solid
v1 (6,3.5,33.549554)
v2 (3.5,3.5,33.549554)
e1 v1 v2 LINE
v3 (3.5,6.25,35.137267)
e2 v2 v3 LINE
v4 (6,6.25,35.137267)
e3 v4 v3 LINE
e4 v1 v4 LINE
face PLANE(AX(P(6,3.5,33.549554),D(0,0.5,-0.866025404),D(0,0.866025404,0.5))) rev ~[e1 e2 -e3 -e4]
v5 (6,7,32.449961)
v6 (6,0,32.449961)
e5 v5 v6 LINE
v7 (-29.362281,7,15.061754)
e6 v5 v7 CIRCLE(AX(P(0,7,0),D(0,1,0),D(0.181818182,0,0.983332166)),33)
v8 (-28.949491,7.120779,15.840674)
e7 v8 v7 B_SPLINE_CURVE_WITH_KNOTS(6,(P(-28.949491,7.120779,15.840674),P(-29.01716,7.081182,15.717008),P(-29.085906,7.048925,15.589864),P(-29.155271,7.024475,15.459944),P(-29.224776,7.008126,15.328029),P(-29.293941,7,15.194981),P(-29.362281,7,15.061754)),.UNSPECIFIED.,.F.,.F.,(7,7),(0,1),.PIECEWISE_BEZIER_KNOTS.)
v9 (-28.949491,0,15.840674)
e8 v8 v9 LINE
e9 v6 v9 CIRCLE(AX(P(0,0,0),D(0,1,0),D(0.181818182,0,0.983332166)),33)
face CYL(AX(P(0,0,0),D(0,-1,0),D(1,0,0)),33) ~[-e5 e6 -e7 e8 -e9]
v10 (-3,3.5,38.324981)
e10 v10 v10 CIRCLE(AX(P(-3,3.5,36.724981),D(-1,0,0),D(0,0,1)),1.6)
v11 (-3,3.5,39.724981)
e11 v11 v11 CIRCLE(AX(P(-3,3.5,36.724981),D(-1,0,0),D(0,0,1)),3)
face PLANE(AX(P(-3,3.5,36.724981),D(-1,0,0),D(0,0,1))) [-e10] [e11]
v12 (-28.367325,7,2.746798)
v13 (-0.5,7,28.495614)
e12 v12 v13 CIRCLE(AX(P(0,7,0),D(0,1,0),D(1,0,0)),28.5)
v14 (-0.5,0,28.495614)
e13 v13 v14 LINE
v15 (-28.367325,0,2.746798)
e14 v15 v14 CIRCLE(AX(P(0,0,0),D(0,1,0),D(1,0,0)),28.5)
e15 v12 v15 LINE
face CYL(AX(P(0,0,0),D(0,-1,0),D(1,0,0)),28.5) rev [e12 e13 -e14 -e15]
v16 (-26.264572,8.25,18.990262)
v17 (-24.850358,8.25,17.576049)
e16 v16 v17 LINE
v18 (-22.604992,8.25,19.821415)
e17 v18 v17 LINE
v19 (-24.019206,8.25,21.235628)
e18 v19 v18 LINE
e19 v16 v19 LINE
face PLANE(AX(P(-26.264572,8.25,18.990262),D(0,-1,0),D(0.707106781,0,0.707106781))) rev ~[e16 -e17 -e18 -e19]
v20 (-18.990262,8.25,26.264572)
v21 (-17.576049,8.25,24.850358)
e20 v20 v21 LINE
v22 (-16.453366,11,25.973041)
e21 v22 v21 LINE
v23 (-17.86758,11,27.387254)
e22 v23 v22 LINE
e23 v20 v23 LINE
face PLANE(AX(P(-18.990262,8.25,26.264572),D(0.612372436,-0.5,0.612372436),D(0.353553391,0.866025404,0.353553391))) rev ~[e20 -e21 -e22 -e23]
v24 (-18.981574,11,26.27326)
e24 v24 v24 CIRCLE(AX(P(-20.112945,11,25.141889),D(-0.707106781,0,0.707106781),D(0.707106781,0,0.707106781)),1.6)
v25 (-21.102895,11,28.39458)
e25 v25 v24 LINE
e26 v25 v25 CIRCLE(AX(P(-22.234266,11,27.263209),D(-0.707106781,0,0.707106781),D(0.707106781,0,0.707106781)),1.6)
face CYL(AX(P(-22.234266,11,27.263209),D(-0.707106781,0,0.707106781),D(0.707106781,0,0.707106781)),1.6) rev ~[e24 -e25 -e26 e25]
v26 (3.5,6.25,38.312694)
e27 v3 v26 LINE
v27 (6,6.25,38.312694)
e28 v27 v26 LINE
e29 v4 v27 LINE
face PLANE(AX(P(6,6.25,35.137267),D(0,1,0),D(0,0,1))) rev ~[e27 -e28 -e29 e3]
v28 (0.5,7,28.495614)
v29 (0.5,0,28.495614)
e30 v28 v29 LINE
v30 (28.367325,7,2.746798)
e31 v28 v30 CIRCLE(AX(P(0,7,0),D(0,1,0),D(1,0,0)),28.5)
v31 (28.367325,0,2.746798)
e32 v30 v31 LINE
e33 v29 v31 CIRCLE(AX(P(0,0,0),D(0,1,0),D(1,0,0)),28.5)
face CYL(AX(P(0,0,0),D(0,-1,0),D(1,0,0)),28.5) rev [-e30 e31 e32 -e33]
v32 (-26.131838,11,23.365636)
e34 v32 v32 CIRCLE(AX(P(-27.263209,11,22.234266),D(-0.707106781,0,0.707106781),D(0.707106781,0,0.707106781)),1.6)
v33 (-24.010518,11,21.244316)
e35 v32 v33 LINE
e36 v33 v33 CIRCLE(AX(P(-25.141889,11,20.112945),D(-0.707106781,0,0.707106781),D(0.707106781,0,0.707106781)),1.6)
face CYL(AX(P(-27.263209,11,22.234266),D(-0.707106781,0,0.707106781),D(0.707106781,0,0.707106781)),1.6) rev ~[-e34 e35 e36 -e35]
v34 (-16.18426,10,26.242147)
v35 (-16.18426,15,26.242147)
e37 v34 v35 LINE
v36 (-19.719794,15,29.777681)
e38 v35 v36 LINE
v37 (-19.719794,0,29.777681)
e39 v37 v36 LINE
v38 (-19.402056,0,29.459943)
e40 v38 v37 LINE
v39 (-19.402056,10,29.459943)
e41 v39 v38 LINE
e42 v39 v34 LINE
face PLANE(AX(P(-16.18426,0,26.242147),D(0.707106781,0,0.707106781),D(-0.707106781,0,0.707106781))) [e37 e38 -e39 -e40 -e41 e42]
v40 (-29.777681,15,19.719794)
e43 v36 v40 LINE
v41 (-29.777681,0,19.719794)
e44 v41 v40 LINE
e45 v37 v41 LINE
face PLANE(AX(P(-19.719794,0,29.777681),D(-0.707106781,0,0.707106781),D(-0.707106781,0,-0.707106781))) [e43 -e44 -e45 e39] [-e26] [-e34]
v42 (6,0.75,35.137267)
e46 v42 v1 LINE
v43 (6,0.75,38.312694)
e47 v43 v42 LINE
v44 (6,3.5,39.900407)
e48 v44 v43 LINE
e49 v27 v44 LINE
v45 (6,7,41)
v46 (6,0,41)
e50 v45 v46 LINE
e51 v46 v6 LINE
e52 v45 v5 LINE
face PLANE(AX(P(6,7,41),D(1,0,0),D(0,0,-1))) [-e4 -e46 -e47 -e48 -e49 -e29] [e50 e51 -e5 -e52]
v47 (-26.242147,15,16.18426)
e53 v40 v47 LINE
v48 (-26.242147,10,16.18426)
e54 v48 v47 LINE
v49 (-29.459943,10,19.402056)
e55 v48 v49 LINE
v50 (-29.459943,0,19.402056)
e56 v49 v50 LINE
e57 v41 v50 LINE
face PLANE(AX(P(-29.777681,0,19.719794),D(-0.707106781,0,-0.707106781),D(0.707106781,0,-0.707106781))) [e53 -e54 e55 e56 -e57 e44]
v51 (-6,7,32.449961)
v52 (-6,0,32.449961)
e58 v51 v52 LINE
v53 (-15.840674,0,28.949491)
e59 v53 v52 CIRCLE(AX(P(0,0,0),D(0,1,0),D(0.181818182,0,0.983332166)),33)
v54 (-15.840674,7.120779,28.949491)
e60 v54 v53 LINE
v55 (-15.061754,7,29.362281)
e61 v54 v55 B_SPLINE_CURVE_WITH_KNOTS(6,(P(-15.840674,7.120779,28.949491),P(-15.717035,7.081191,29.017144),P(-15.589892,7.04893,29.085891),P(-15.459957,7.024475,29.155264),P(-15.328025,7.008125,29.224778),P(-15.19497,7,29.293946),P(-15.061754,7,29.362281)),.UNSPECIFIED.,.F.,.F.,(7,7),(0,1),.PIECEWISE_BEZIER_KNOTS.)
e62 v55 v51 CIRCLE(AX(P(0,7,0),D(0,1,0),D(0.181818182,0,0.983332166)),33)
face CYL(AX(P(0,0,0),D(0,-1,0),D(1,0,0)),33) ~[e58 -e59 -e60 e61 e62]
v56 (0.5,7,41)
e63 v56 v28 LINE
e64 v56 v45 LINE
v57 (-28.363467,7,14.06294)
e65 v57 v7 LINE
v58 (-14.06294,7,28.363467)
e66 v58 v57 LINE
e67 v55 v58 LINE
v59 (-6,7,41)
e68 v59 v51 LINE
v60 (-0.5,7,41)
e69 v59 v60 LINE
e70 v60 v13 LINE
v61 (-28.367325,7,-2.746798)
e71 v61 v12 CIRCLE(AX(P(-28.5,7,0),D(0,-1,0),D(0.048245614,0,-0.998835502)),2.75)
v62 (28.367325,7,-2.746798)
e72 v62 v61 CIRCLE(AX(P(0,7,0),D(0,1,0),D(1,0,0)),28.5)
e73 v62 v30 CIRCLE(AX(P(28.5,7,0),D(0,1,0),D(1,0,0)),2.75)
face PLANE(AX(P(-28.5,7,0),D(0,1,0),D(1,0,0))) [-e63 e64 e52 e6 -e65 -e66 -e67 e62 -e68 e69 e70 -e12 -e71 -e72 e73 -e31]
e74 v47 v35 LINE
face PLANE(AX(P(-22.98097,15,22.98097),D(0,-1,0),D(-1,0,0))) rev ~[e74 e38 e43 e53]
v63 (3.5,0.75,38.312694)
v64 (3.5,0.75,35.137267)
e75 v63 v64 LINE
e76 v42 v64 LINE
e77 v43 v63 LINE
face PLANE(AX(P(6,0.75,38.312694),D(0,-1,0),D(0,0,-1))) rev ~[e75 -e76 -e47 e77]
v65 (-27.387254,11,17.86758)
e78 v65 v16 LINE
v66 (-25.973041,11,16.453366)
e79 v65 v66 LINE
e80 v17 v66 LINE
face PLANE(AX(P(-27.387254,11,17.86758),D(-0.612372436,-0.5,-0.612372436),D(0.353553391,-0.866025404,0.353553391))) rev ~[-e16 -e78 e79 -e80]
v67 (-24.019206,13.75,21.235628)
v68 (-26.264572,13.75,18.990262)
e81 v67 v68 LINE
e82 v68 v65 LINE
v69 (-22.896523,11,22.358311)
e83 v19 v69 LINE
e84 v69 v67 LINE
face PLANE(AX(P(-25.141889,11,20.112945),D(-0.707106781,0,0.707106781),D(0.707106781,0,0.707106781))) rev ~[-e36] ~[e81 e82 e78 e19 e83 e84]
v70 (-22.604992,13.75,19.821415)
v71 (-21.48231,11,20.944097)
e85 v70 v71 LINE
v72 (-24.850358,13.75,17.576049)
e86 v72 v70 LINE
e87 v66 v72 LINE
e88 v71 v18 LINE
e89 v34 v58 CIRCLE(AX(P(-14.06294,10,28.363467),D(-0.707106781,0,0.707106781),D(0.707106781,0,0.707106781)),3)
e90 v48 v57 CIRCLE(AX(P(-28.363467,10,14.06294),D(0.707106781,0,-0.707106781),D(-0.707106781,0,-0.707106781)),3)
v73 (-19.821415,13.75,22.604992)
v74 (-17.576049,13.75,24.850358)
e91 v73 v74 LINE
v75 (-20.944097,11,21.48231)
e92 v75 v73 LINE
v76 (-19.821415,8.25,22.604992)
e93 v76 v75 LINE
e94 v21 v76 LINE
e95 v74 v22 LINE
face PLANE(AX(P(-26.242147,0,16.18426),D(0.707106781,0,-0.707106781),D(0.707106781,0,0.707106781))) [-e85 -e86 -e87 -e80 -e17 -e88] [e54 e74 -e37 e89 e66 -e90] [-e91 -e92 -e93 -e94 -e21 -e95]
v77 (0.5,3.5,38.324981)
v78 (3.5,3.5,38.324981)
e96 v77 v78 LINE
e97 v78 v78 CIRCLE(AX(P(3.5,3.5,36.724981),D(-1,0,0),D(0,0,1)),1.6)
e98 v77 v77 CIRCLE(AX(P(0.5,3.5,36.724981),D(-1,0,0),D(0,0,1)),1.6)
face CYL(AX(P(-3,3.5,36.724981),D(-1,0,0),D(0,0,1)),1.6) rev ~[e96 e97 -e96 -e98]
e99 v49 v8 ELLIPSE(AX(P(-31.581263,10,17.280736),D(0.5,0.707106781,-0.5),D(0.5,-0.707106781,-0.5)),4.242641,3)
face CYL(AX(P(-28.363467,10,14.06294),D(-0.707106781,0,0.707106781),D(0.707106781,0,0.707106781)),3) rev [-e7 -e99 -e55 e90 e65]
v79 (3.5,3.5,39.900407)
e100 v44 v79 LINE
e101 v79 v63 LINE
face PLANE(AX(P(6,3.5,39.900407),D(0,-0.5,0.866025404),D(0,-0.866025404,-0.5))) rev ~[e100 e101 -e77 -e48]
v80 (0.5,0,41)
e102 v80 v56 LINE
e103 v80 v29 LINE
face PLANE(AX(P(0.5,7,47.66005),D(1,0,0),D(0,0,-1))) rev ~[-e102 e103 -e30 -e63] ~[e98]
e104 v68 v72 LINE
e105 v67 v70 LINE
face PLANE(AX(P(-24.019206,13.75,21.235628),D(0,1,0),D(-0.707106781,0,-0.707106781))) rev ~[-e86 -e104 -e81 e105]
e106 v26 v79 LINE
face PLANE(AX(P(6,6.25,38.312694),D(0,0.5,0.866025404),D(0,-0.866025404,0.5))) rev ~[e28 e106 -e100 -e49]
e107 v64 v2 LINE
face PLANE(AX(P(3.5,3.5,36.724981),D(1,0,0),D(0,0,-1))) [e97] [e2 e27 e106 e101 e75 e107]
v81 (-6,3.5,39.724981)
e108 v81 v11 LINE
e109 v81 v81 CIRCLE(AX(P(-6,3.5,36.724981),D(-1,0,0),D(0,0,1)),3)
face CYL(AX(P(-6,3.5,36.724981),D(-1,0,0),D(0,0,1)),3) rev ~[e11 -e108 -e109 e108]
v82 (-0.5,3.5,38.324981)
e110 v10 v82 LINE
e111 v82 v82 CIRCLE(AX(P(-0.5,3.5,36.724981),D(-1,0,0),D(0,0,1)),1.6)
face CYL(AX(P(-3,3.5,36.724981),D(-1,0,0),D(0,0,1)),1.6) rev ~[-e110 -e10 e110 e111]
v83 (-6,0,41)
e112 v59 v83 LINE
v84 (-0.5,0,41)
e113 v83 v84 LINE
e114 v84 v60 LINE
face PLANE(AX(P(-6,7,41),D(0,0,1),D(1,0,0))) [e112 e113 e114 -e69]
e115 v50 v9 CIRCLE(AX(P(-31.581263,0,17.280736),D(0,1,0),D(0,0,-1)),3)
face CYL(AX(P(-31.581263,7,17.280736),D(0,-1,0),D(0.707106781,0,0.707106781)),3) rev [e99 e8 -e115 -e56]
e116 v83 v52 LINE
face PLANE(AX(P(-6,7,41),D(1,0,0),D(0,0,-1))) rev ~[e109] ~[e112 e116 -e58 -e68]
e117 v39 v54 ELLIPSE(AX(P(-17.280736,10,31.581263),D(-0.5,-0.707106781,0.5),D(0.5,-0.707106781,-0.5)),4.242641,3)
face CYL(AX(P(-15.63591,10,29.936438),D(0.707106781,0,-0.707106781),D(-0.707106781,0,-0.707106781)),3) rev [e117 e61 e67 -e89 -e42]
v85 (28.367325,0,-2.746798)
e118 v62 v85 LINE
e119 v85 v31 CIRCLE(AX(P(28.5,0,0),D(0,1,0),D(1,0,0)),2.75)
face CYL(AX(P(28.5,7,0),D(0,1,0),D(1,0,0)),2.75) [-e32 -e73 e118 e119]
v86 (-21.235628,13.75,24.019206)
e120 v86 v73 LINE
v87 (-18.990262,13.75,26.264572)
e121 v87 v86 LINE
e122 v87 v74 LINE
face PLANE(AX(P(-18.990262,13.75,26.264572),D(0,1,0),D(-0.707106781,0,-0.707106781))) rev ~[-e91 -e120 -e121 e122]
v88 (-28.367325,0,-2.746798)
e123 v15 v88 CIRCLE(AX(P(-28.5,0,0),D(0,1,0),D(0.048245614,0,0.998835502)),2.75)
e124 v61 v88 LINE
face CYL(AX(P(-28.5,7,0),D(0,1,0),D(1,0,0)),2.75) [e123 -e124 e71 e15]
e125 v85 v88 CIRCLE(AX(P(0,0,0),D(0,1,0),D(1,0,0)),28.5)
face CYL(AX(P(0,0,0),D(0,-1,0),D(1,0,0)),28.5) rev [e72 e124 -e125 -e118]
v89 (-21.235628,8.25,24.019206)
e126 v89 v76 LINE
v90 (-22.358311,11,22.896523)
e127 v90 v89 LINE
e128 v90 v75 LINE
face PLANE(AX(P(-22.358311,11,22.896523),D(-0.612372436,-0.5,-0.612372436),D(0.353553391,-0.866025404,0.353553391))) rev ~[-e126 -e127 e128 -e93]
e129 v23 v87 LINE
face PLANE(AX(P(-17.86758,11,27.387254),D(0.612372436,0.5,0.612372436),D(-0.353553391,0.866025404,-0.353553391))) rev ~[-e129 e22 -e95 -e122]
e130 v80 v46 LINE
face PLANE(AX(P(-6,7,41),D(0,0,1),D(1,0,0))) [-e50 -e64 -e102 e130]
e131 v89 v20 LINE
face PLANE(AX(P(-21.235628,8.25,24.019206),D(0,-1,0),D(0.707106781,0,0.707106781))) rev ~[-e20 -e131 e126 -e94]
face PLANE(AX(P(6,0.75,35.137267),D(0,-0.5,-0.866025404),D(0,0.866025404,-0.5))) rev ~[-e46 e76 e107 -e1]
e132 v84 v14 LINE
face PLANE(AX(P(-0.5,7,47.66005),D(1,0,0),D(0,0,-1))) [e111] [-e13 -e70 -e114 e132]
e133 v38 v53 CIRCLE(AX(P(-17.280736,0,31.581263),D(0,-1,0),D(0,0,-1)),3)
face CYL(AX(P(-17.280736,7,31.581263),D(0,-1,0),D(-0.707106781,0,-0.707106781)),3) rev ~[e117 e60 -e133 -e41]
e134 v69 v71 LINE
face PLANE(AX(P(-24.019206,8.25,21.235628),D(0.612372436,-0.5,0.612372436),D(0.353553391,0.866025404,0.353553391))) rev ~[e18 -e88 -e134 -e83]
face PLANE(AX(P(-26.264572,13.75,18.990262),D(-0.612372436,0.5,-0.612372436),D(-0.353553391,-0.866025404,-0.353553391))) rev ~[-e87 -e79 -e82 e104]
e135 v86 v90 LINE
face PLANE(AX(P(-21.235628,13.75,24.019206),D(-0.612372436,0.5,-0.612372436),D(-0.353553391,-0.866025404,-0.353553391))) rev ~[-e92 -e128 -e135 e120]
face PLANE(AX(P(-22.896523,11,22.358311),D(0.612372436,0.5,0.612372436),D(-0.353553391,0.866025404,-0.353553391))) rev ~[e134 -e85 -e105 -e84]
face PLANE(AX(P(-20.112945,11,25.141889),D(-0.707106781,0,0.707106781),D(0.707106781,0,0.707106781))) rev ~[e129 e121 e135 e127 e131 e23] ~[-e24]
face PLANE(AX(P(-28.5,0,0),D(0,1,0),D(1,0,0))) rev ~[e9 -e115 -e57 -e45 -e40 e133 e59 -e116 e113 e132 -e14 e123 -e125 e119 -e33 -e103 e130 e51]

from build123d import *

# Parameters (mm, degrees)
SKETCH1_R           = 33
SKETCH1_R_2         = 28.5
BOSS_EXTRUDE1_DEPTH = 7
SKETCH3_W           = 12
SKETCH3_H           = 9.352768828
BOSS_EXTRUDE2_DEPTH = 7
SKETCH4_R           = 3
CUT_EXTRUDE2_DEPTH  = 3
SKETCH5_R           = 1.6
CUT_EXTRUDE3_DEPTH  = 37
CUT_EXTRUDE4_DEPTH  = 2.5
SKETCH2_W           = 1
SKETCH2_H           = 30
CUT_EXTRUDE1_DEPTH  = 8
SKETCH7_R           = 2.75
BOSS_EXTRUDE3_DEPTH = 7
BOSS_EXTRUDE4_DEPTH = 15
SKETCH9_R           = 1.6
CUT_EXTRUDE5_DEPTH  = 82.669047558
CUT_EXTRUDE6_DEPTH  = 5
FILLET1_R           = 3


with BuildPart() as part:
    # Sketch1 → Boss-Extrude1 (new body)
    with BuildSketch(Plane(origin=(0, 0, 0), x_dir=(1, 0, 0), z_dir=(0, 1, 0))):
        Circle(SKETCH1_R)
        Circle(SKETCH1_R_2, mode=Mode.SUBTRACT)
    extrude(amount=BOSS_EXTRUDE1_DEPTH)

    # Sketch3 → Boss-Extrude2 (add)
    with BuildSketch(Plane(origin=(0, 7, 0), x_dir=(1, 0, 0), z_dir=(0, 1, 0))):
        with Locations((0, -36.323615586)):
            Rectangle(SKETCH3_W, SKETCH3_H)
    extrude(amount=-BOSS_EXTRUDE2_DEPTH)

    # Sketch4 → Cut-Extrude2 (cut)
    with BuildSketch(Plane.ZY.offset(6)):
        with Locations((36.72498074, 3.5)):
            Circle(SKETCH4_R)
    extrude(amount=-CUT_EXTRUDE2_DEPTH, mode=Mode.SUBTRACT)

    # Sketch5 → Cut-Extrude3 (cut, through all)
    with BuildSketch(Plane.ZY.offset(3)):
        with Locations((36.72498074, 3.5)):
            Circle(SKETCH5_R)
    extrude(amount=-CUT_EXTRUDE3_DEPTH, mode=Mode.SUBTRACT)

    # Sketch6 → Cut-Extrude4 (cut)
    with BuildSketch(Plane(origin=(6, 0, 0), x_dir=(0, 0, -1), z_dir=(1, 0, 0))):
        Polygon((-35.137267499, 0.75), (-33.549554259, 3.5), (-35.137267499, 6.25), (-38.31269398, 6.25), (-39.90040722, 3.5), (-38.31269398, 0.75), align=None)
    extrude(amount=-CUT_EXTRUDE4_DEPTH, mode=Mode.SUBTRACT)

    # Sketch2 → Cut-Extrude1 (cut, through all)
    with BuildSketch(Plane(origin=(0, 7, 0), x_dir=(1, 0, 0), z_dir=(0, 1, 0))):
        with Locations((0, -32.66005016)):
            Rectangle(SKETCH2_W, SKETCH2_H)
    extrude(amount=-CUT_EXTRUDE1_DEPTH, mode=Mode.SUBTRACT)

    # Sketch7 → Boss-Extrude3 (add)
    with BuildSketch(Plane(origin=(0, 7, 0), x_dir=(1, 0, 0), z_dir=(0, 1, 0))):
        with Locations((-28.5, 0)):
            Circle(SKETCH7_R)
        with Locations((28.5, 0)):
            Circle(SKETCH7_R)
    extrude(amount=-BOSS_EXTRUDE3_DEPTH)

    # Sketch8 → Boss-Extrude4 (add)
    with BuildSketch(Plane(origin=(0, 0, 0), x_dir=(1, 0, 0), z_dir=(0, 1, 0))):
        Polygon((-26.242146863, -16.184260008), (-16.184260008, -26.242146863), (-19.719793914, -29.777680769), (-29.777680769, -19.719793914), align=None)
    extrude(amount=BOSS_EXTRUDE4_DEPTH)

    # Sketch9 → Cut-Extrude5 (cut, through all)
    with BuildSketch(Plane(origin=(-24.748737342, 0, 24.748737342), x_dir=(0.707106781, 0, 0.707106781), z_dir=(-0.707106781, 0, 0.707106781))):
        with Locations((-3.556, 11)):
            Circle(SKETCH9_R)
        with Locations((3.556, 11)):
            Circle(SKETCH9_R)
    extrude(amount=-CUT_EXTRUDE5_DEPTH, mode=Mode.SUBTRACT)

    # Sketch10 → Cut-Extrude6 (cut)
    with BuildSketch(Plane(origin=(-22.627416998, 0, 22.627416998), x_dir=(0.707106781, 0, 0.707106781), z_dir=(-0.707106781, 0, 0.707106781))):
        Polygon((-0.380573519, 11), (-1.96828676, 13.75), (-5.14371324, 13.75), (-6.731426481, 11), (-5.14371324, 8.25), (-1.96828676, 8.25), align=None)
        Polygon((0.380573519, 11), (1.96828676, 8.25), (5.14371324, 8.25), (6.731426481, 11), (5.14371324, 13.75), (1.96828676, 13.75), align=None)
    extrude(amount=-CUT_EXTRUDE6_DEPTH, mode=Mode.SUBTRACT)

    # Fillet1
    fillet1_edges = [part.edges().sort_by_distance(p)[0] for p in [
        (-17.757230626, 3.5, 27.815117481),
        (-27.815117481, 3.5, 17.757230626),
        (-27.028632172, 7, 16.970745317),
        (-16.970745317, 7, 27.028632172),
    ]]
    fillet(fillet1_edges, radius=FILLET1_R)


solid = part.part
